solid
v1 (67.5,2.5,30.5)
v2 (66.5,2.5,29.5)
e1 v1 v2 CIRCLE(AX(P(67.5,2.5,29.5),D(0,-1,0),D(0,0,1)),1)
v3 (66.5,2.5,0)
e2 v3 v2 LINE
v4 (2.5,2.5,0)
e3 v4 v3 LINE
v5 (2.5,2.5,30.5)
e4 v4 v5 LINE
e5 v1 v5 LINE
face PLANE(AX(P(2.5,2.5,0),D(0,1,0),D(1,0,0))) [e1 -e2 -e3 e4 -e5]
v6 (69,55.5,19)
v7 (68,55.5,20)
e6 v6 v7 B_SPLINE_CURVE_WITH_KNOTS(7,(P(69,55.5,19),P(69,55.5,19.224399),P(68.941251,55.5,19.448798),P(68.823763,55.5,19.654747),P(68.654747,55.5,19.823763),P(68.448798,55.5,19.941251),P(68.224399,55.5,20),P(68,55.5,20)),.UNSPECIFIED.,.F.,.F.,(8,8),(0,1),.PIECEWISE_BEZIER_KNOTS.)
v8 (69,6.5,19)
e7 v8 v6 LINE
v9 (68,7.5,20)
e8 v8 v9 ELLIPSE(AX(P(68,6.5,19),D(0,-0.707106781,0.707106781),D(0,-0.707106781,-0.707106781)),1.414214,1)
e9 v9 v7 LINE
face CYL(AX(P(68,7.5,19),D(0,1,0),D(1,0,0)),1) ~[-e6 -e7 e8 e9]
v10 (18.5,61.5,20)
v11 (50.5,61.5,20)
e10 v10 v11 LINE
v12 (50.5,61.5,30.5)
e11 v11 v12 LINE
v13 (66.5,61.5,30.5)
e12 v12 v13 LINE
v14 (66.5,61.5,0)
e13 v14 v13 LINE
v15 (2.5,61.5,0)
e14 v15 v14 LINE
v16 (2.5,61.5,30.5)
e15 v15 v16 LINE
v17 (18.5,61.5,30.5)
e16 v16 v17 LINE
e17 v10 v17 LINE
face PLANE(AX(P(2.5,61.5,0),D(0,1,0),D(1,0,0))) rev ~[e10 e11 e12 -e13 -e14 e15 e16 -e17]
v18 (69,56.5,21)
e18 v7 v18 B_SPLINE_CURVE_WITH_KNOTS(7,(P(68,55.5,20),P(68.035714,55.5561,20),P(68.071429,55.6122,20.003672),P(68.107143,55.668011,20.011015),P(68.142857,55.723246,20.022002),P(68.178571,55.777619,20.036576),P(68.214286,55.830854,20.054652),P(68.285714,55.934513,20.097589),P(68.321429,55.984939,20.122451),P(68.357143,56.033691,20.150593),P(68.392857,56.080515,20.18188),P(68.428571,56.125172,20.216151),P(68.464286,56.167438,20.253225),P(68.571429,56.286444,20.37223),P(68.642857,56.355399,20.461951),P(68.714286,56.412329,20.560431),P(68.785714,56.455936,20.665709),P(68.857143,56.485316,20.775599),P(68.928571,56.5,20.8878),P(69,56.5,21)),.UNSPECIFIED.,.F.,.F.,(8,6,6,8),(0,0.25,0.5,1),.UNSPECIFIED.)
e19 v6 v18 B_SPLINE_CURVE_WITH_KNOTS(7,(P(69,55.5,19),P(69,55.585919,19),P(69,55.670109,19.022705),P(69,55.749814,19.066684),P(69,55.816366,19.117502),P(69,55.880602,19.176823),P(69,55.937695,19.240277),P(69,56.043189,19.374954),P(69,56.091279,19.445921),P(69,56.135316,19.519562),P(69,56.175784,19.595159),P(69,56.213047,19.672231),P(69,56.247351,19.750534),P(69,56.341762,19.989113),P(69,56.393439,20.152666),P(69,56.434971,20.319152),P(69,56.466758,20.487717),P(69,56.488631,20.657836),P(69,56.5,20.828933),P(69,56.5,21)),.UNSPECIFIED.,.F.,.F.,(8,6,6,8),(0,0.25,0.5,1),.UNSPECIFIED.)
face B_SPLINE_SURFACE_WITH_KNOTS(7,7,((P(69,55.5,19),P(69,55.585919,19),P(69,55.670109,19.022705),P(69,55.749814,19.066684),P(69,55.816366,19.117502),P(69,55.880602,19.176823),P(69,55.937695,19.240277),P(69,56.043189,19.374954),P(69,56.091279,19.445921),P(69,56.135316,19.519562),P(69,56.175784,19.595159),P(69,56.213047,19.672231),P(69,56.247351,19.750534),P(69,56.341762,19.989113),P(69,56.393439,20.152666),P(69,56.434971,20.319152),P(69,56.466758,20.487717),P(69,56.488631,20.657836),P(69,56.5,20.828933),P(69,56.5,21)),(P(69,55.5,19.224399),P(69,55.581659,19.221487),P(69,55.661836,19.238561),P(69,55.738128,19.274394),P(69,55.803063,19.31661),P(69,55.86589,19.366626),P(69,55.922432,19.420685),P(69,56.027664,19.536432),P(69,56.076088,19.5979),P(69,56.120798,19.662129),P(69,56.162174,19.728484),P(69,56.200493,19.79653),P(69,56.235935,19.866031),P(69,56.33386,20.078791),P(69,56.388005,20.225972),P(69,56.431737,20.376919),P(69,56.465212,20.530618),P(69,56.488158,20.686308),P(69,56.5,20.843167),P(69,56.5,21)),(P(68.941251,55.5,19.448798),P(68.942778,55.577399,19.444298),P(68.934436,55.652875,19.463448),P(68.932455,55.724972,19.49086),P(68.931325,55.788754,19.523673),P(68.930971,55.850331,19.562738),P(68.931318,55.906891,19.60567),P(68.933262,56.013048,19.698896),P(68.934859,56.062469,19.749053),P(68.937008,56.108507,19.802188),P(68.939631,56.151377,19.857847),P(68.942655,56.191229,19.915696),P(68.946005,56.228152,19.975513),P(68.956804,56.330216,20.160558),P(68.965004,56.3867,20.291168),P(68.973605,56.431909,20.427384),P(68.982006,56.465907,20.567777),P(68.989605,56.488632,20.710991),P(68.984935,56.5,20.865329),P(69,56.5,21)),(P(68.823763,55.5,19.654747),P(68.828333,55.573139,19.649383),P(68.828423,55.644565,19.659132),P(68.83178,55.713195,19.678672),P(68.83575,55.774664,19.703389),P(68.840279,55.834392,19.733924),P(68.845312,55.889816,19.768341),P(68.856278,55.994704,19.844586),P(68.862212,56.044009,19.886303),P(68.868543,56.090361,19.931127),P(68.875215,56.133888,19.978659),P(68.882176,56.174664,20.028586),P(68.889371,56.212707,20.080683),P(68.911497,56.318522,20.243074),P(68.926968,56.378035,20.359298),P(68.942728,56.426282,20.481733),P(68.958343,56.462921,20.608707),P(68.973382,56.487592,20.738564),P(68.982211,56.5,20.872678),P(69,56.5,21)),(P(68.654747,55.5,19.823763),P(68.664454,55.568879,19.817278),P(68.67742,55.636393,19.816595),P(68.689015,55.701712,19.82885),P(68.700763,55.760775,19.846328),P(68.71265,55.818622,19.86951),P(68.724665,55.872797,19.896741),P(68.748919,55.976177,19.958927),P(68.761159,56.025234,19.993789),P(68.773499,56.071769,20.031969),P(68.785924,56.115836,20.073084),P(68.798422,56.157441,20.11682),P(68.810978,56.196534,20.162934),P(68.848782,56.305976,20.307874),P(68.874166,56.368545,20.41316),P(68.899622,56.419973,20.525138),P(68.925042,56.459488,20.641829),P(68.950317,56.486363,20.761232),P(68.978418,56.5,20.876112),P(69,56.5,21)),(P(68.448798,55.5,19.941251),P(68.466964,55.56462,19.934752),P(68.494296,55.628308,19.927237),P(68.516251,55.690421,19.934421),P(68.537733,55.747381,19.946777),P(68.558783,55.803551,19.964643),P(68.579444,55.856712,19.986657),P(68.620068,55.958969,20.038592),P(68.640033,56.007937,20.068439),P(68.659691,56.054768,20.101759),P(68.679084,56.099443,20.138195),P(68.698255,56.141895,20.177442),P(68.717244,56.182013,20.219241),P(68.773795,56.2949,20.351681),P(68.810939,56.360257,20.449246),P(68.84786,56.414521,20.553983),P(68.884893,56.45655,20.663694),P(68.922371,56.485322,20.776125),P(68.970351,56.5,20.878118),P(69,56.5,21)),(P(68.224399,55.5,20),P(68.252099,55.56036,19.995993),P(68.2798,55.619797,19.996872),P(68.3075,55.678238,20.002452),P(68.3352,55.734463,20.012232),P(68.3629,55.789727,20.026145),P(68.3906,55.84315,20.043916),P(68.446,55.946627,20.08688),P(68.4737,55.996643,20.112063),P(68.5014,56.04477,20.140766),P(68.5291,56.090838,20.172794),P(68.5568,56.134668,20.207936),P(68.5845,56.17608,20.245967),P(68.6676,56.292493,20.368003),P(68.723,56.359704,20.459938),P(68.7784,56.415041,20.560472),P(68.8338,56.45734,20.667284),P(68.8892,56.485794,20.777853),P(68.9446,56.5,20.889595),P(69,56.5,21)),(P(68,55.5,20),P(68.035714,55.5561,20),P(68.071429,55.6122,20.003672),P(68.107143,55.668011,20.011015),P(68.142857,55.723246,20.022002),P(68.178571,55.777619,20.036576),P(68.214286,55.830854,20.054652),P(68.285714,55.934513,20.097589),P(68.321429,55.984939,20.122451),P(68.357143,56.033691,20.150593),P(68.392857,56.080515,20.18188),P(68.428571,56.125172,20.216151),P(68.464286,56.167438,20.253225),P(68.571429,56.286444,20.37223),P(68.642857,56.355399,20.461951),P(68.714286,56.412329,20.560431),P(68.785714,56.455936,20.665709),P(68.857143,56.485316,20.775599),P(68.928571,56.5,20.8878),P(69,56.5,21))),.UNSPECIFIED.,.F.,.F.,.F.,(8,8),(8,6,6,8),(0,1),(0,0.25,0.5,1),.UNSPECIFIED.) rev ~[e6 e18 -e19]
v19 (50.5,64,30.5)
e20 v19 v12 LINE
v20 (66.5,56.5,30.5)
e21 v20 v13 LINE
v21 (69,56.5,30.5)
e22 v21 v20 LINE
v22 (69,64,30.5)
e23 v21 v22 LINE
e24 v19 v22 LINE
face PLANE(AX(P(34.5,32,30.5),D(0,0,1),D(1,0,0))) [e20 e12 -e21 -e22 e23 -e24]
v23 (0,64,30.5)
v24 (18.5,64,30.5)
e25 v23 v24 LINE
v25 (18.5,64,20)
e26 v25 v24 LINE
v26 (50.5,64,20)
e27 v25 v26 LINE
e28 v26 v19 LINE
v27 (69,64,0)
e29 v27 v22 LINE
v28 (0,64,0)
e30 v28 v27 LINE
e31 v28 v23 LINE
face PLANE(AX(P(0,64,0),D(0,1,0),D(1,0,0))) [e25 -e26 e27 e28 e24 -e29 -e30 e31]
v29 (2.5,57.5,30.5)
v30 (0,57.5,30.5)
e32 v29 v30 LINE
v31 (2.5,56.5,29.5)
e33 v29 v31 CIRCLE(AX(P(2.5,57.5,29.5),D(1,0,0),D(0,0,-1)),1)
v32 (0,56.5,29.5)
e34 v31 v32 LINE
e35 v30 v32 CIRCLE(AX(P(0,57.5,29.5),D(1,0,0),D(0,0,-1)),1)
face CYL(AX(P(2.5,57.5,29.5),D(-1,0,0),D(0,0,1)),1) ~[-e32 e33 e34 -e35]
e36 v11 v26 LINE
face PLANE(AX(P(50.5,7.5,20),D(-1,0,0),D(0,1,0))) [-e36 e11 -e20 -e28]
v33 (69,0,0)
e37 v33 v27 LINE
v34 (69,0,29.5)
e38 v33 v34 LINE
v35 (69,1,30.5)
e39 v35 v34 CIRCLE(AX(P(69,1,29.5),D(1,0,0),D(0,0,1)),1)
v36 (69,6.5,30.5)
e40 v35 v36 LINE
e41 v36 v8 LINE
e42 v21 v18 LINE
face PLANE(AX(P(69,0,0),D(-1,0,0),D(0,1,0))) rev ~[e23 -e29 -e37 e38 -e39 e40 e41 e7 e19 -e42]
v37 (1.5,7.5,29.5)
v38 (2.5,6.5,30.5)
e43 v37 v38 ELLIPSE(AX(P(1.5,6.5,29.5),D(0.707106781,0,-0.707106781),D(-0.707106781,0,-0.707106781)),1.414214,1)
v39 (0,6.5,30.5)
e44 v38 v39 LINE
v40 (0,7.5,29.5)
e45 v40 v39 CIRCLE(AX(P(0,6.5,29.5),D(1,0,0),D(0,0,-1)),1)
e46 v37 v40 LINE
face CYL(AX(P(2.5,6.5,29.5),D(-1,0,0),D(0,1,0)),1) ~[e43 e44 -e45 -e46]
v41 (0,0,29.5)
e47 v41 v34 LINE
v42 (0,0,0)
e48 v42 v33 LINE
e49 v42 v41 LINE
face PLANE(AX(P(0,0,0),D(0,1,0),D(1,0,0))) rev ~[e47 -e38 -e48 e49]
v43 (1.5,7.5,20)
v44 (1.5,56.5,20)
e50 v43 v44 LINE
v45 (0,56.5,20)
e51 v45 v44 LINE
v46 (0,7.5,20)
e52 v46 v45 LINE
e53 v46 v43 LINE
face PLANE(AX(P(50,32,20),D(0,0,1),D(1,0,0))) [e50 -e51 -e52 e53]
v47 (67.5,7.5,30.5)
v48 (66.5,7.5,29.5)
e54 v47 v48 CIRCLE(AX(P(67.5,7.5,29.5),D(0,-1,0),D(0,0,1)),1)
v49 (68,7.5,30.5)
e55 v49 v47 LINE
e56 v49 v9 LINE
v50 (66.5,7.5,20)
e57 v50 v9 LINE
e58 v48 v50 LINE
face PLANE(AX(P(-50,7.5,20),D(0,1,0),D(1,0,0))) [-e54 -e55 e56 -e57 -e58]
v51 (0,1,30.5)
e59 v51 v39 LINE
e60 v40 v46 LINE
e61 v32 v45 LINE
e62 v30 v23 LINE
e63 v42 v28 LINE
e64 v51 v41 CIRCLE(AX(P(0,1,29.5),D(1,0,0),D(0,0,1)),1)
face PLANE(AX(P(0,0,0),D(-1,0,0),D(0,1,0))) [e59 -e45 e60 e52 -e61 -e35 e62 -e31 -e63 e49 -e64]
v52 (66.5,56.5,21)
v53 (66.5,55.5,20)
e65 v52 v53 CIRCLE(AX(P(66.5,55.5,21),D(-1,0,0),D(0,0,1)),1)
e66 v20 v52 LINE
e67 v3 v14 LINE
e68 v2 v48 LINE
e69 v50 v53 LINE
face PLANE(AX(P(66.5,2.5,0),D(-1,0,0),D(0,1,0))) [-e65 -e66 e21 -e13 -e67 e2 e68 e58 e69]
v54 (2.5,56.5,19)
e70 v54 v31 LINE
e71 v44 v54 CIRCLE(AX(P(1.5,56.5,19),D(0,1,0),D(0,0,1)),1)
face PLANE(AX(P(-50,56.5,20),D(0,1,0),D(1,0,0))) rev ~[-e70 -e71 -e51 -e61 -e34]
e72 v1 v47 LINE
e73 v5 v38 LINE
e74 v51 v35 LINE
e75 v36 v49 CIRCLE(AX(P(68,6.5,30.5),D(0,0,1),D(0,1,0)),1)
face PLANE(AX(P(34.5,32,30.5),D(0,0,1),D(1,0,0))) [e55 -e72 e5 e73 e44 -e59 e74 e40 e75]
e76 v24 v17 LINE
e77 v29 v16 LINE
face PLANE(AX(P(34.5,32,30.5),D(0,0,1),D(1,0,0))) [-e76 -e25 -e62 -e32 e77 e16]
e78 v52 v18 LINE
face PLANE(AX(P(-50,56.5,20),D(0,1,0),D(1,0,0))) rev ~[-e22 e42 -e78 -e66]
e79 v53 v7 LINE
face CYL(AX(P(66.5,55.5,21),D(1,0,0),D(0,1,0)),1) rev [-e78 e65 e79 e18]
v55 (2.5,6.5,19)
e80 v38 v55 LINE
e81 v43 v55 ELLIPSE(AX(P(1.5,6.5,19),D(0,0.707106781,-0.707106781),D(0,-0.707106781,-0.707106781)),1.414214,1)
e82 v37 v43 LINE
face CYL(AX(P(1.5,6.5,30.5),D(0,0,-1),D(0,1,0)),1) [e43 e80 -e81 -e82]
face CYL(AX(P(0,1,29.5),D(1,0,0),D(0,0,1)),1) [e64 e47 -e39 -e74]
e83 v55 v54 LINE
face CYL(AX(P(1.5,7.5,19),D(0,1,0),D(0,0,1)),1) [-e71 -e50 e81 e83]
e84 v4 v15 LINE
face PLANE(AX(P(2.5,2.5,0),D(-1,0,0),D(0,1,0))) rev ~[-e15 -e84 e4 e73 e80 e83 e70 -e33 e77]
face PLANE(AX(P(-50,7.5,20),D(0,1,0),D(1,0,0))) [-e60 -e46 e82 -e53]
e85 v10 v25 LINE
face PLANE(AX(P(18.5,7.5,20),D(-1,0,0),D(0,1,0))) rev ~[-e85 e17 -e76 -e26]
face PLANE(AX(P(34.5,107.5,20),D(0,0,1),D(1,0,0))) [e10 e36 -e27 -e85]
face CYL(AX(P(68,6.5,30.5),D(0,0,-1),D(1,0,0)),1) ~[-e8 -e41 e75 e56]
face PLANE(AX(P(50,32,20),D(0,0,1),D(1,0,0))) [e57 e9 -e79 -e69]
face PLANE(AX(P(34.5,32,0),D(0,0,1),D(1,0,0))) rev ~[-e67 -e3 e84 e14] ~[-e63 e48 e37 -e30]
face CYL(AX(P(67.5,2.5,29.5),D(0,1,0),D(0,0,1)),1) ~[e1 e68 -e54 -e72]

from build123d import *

# Parameters (mm, degrees)
BOX002_W     = 200
BOX002_H     = 49
BOX002_DEPTH = 12
BOX003_W     = 32
BOX003_H     = 200
BOX003_DEPTH = 12
BOX_W        = 64
BOX_H        = 59
BOX_DEPTH    = 30.5
BOX001_W     = 69
BOX001_H     = 64
BOX001_DEPTH = 30.5
FILLET_R     = 1


with BuildPart() as cut_cube:
    # Box002 → Box002 (new body)
    with BuildSketch(Plane(origin=(-50, 7.5, 20), x_dir=(1, 0, 0), z_dir=(0, 0, 1))):
        with Locations((100, 24.5)):
            Rectangle(BOX002_W, BOX002_H)
    extrude(amount=BOX002_DEPTH)


with BuildPart() as cut_cube001:
    # Box003 → Box003 (new body)
    with BuildSketch(Plane(origin=(18.5, 7.5, 20), x_dir=(1, 0, 0), z_dir=(0, 0, 1))):
        with Locations((16, 100)):
            Rectangle(BOX003_W, BOX003_H)
    extrude(amount=BOX003_DEPTH)


with BuildPart() as fusion:
    # Box → Box (new body)
    with BuildSketch(Plane(origin=(2.5, 2.5, 0), x_dir=(1, 0, 0), z_dir=(0, 0, 1))):
        with Locations((32, 29.5)):
            Rectangle(BOX_W, BOX_H)
    extrude(amount=BOX_DEPTH)

    # Fusion: union cut cube, cut cube001
    add(cut_cube.part)
    add(cut_cube001.part)


with BuildPart() as fillet_body:
    # Box001 → Box001 (new body)
    with BuildSketch(Plane.XY):
        with Locations((34.5, 32)):
            Rectangle(BOX001_W, BOX001_H)
    extrude(amount=BOX001_DEPTH)

    # Cut: cut Fusion
    add(fusion.part, mode=Mode.SUBTRACT)

    # Fillet
    fillet_edges = [fillet_body.edges().sort_by_distance(p)[0] for p in [
        (1.25, 7.5, 30.5),
        (66.5, 5, 30.5),
        (34.5, 0, 30.5),
        (2.5, 7.5, 25.25),
        (2.5, 32, 20),
        (1.25, 56.5, 30.5),
        (69, 7.5, 25.25),
        (69, 32, 20),
        (67.75, 56.5, 20),
    ]]
    fillet(fillet_edges, radius=FILLET_R)


solid = fillet_body.part
